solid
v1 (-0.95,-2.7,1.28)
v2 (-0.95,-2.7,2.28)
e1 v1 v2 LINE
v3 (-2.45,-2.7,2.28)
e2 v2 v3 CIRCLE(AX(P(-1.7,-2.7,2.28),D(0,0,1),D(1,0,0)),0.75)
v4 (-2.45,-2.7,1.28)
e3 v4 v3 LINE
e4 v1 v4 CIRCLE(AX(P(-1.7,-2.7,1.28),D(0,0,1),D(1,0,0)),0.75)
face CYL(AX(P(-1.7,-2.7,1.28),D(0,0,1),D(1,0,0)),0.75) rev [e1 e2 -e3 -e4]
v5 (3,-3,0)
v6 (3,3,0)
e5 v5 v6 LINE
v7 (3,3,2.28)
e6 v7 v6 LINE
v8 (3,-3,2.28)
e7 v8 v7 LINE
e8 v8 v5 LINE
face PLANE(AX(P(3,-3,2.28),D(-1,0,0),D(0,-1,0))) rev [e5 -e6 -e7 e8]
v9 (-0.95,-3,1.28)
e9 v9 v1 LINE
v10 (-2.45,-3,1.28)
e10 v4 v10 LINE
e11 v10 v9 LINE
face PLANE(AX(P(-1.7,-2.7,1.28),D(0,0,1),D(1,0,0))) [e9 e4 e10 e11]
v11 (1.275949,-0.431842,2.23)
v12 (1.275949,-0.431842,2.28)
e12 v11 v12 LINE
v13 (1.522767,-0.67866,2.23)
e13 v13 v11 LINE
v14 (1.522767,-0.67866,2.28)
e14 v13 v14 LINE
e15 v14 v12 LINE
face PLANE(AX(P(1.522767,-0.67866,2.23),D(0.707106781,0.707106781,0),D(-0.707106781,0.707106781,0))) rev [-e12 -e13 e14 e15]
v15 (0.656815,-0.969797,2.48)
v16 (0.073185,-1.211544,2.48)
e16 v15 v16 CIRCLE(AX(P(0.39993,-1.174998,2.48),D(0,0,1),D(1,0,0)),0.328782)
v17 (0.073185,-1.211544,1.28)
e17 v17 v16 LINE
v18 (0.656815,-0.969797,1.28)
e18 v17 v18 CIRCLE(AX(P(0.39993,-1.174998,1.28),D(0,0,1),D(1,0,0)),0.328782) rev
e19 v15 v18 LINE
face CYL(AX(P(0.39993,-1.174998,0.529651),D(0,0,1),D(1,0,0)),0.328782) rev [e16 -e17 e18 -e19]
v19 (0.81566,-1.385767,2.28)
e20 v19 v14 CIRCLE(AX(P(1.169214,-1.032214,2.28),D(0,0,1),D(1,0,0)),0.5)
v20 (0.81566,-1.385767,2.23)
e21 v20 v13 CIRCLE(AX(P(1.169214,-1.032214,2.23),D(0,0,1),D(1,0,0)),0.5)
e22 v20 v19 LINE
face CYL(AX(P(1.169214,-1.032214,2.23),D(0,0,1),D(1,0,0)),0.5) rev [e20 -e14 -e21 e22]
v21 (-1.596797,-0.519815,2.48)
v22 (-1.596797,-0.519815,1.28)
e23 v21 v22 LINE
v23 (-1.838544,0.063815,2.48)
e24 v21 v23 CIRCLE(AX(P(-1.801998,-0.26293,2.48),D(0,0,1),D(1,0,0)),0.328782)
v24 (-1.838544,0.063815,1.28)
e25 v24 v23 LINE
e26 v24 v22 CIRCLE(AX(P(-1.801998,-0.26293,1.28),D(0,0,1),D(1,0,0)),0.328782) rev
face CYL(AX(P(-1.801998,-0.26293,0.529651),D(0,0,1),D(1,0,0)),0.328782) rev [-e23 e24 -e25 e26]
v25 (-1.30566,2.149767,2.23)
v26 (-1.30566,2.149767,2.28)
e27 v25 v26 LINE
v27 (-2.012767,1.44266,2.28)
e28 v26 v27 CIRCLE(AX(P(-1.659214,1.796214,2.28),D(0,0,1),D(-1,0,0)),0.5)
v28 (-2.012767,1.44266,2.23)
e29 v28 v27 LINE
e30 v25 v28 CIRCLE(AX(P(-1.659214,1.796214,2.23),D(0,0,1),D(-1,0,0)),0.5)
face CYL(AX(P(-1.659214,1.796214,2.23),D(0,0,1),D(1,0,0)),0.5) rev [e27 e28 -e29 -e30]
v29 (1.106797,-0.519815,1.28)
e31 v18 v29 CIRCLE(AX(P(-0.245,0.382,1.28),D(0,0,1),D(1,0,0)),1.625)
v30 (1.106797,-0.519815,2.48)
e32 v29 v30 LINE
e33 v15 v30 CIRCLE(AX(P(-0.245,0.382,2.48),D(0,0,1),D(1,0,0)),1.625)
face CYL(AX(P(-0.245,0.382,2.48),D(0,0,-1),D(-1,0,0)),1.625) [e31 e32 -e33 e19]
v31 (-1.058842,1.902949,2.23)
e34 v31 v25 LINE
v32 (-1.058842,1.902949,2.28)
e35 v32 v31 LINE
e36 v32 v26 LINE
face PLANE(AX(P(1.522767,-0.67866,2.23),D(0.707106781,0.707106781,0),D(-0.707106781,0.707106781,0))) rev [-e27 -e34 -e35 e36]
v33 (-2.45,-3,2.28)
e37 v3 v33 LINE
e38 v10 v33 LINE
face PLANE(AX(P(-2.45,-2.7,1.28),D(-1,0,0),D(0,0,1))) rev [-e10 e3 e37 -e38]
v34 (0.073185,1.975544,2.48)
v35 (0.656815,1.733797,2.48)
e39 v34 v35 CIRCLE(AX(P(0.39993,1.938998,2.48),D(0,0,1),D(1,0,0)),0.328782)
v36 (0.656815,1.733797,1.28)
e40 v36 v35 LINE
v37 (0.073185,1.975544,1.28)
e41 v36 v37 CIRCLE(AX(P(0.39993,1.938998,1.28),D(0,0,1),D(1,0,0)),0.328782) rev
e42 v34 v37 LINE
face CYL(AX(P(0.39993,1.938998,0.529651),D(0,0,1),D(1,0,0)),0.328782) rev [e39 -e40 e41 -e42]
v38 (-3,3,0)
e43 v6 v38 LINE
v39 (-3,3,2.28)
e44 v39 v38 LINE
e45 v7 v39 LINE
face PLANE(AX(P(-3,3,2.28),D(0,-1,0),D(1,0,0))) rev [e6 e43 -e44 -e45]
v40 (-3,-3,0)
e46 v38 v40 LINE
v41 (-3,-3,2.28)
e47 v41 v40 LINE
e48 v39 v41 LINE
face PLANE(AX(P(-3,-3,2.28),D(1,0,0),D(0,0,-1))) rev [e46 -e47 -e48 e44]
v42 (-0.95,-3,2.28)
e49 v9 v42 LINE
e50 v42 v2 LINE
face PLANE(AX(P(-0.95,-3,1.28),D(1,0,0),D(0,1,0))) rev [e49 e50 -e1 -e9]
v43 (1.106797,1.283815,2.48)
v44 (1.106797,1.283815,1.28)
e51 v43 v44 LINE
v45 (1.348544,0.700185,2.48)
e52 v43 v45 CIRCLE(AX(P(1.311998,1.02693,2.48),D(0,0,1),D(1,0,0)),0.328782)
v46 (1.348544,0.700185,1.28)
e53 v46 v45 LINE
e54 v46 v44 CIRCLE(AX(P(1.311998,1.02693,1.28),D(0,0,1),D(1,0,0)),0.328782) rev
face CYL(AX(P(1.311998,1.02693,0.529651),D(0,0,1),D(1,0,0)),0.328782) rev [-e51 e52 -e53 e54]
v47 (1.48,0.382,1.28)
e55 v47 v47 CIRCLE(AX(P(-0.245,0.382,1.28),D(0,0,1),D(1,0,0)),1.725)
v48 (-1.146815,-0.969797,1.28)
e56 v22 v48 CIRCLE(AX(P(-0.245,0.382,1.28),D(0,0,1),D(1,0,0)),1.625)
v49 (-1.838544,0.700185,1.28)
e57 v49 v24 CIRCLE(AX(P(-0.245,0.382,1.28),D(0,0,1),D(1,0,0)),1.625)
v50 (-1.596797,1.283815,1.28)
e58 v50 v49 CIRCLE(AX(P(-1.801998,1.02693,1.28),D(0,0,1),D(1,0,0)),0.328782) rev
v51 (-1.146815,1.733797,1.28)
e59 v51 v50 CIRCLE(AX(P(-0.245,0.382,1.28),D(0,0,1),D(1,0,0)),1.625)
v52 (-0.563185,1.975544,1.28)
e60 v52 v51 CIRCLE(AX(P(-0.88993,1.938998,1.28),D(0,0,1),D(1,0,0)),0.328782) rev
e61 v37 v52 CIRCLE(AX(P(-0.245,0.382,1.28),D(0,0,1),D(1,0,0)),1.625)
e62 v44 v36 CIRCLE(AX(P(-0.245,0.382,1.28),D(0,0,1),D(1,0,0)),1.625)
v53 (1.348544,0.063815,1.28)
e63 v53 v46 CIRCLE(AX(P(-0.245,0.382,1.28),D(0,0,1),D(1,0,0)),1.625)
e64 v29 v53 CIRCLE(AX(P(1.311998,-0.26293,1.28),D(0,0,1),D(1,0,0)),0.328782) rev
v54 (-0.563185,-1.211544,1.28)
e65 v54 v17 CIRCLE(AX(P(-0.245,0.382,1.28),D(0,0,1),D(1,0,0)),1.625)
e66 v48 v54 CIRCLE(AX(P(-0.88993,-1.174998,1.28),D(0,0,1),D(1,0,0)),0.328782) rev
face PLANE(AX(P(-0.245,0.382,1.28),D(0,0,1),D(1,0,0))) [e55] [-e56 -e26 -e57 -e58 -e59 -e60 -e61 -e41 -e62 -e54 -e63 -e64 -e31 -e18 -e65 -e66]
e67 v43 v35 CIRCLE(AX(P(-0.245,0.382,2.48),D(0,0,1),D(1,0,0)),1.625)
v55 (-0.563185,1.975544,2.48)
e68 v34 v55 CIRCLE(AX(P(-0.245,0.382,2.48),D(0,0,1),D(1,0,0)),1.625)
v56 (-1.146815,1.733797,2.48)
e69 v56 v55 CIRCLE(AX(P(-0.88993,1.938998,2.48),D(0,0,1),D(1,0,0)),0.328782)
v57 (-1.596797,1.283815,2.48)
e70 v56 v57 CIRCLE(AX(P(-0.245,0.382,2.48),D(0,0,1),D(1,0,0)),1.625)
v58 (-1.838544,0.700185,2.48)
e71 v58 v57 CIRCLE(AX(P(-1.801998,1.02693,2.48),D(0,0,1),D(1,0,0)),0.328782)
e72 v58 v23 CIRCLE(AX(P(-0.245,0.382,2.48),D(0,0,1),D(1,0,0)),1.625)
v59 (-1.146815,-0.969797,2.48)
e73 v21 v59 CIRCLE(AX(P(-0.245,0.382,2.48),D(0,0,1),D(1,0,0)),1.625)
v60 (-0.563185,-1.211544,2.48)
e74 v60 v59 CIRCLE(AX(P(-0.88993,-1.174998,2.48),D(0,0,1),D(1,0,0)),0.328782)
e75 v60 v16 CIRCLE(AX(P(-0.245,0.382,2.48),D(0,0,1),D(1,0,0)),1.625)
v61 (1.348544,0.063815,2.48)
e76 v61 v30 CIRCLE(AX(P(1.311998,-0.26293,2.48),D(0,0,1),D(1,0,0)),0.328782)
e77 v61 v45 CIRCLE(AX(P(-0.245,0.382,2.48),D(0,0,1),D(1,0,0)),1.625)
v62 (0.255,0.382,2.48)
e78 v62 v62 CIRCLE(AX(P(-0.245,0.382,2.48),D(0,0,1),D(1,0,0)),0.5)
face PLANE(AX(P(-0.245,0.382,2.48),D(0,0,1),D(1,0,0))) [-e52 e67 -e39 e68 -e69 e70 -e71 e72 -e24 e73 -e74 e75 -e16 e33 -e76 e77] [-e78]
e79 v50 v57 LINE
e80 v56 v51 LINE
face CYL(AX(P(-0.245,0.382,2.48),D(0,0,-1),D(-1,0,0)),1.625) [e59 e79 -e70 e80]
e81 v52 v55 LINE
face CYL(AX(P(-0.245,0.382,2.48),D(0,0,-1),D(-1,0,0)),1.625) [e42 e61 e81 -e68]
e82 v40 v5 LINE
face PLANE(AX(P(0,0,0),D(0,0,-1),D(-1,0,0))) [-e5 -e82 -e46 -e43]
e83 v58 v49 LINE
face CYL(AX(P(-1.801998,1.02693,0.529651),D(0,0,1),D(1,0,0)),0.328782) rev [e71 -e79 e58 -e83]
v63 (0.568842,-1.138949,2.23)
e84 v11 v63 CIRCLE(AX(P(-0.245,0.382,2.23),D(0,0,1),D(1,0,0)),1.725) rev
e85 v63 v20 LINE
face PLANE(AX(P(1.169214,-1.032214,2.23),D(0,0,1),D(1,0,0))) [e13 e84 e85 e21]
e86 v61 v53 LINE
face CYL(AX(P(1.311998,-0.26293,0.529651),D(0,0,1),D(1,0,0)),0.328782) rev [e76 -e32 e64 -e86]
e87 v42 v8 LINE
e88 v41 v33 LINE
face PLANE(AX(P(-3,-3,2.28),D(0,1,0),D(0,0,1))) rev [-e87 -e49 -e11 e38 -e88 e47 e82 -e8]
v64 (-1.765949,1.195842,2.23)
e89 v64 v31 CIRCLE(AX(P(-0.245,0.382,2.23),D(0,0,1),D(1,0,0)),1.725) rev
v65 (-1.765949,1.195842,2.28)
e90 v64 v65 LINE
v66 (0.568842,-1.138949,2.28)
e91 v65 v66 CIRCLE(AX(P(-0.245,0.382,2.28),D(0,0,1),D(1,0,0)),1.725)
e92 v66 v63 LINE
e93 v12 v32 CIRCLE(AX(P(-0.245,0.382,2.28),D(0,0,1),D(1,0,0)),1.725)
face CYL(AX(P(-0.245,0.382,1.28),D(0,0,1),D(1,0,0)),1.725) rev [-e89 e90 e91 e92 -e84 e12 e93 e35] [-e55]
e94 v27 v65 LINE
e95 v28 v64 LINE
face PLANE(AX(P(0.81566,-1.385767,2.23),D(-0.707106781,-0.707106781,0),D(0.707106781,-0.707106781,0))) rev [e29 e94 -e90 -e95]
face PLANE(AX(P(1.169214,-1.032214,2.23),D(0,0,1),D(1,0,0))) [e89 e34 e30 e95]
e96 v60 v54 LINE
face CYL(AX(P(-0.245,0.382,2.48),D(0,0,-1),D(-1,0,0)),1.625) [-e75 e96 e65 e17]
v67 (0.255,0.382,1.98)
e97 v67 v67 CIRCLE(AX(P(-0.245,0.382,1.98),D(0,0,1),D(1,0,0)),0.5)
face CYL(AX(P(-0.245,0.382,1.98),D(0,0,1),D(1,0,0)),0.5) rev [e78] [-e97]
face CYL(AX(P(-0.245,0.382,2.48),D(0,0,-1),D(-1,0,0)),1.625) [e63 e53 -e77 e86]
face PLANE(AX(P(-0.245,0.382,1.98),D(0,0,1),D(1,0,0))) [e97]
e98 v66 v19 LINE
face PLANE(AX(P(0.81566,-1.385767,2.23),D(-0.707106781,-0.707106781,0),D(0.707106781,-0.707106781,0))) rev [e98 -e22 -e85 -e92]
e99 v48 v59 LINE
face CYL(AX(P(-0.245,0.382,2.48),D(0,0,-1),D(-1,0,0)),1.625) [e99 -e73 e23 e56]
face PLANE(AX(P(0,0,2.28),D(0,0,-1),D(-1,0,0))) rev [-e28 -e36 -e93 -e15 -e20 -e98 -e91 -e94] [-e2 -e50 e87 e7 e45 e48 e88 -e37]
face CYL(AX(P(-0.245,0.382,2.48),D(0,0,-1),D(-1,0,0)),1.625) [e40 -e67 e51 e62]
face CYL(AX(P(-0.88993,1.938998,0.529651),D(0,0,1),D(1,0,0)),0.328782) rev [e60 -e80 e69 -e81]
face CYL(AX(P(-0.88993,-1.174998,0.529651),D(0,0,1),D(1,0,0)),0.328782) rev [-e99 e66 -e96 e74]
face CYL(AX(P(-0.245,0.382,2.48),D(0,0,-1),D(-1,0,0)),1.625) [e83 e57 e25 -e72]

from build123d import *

# Parameters (mm, degrees)
SKETCH1_W           = 6
SKETCH1_H           = 6
BOSS_EXTRUDE1_DEPTH = 2.28
SKETCH2_R           = 1.725
CUT_EXTRUDE1_DEPTH  = 1
CUT_EXTRUDE2_DEPTH  = 0.05
CUT_EXTRUDE3_DEPTH  = 1
SKETCH5_R           = 1.625
BOSS_EXTRUDE2_DEPTH = 1.2
CUT_EXTRUDE6_DEPTH  = 1.2
SKETCH7_R           = 0.5
CUT_EXTRUDE7_DEPTH  = 0.5


with BuildPart() as part:
    # Sketch1 → Boss-Extrude1 (new body)
    with BuildSketch(Plane.XY):
        Rectangle(SKETCH1_W, SKETCH1_H)
    extrude(amount=BOSS_EXTRUDE1_DEPTH)

    # Sketch2 → Cut-Extrude1 (cut)
    with BuildSketch(Plane.XY.offset(2.28)):
        with Locations((-0.245, 0.382)):
            Circle(SKETCH2_R)
    extrude(amount=-CUT_EXTRUDE1_DEPTH, mode=Mode.SUBTRACT)

    # Sketch3 → Cut-Extrude2 (cut)
    with BuildSketch(Plane.XY.offset(2.28)):
        with BuildLine():
            Line((0.815660172, -1.385766953), (-2.012766953, 1.442660172))
            ThreePointArc((-2.012766953, 1.442660172), (-2.012766953, 2.149766953), (-1.305660172, 2.149766953))
            Line((-1.305660172, 2.149766953), (1.522766953, -0.678660172))
            ThreePointArc((1.522766953, -0.678660172), (1.522766953, -1.385766953), (0.815660172, -1.385766953))
        make_face()
    extrude(amount=-CUT_EXTRUDE2_DEPTH, mode=Mode.SUBTRACT)

    # Sketch4 → Cut-Extrude3 (cut)
    with BuildSketch(Plane.XY.offset(2.28)):
        with BuildLine():
            Line((-2.45, -2.7), (-2.45, -3))
            Line((-2.45, -3), (-0.95, -3))
            Line((-0.95, -3), (-0.95, -2.7))
            ThreePointArc((-0.95, -2.7), (-1.7, -1.95), (-2.45, -2.7))
        make_face()
    extrude(amount=-CUT_EXTRUDE3_DEPTH, mode=Mode.SUBTRACT)

    # Sketch5 → Boss-Extrude2 (add)
    with BuildSketch(Plane.XY.offset(1.28)):
        with Locations((-0.245, 0.382)):
            Circle(SKETCH5_R)
    extrude(amount=BOSS_EXTRUDE2_DEPTH)

    # Sketch6 → Cut-Extrude6 (cut)
    with BuildSketch(Plane.XY.offset(2.48)):
        with BuildLine():
            ThreePointArc((-1.897587238, 0.051650147), (-1.801997597, -0.262929521), (-1.647148264, -0.552963022))
            ThreePointArc((-1.647148264, -0.552963022), (-1.498242435, -0.137110013), (-1.897587238, 0.051650147))
        make_face()
        with BuildLine():
            ThreePointArc((0.085349853, 2.034587238), (0.274110013, 1.635242435), (0.689963022, 1.784148264))
            ThreePointArc((0.689963022, 1.784148264), (0.399929521, 1.938997597), (0.085349853, 2.034587238))
        make_face()
        with BuildLine():
            ThreePointArc((1.157148264, 1.316963022), (1.008242435, 0.901110013), (1.407587238, 0.712349853))
            ThreePointArc((1.407587238, 0.712349853), (1.311997597, 1.026929521), (1.157148264, 1.316963022))
        make_face()
        with BuildLine():
            ThreePointArc((1.407587238, 0.051650147), (1.008242435, -0.137110013), (1.157148264, -0.552963022))
            ThreePointArc((1.157148264, -0.552963022), (1.311997597, -0.262929521), (1.407587238, 0.051650147))
        make_face()
        with BuildLine():
            ThreePointArc((0.689963022, -1.020148264), (0.274110013, -0.871242435), (0.085349853, -1.270587238))
            ThreePointArc((0.085349853, -1.270587238), (0.399929521, -1.174997597), (0.689963022, -1.020148264))
        make_face()
        with BuildLine():
            ThreePointArc((-0.575349853, -1.270587238), (-0.764110013, -0.871242435), (-1.179963022, -1.020148264))
            ThreePointArc((-1.179963022, -1.020148264), (-0.889929521, -1.174997597), (-0.575349853, -1.270587238))
        make_face()
        with BuildLine():
            ThreePointArc((-1.897587238, 0.712349853), (-1.498242435, 0.901110013), (-1.647148264, 1.316963022))
            ThreePointArc((-1.647148264, 1.316963022), (-1.801997597, 1.026929521), (-1.897587238, 0.712349853))
        make_face()
        with BuildLine():
            ThreePointArc((-1.179963022, 1.784148264), (-0.764110013, 1.635242435), (-0.575349853, 2.034587238))
            ThreePointArc((-0.575349853, 2.034587238), (-0.889929521, 1.938997597), (-1.179963022, 1.784148264))
        make_face()
    extrude(amount=-CUT_EXTRUDE6_DEPTH, mode=Mode.SUBTRACT)

    # Sketch7 → Cut-Extrude7 (cut)
    with BuildSketch(Plane.XY.offset(2.48)):
        with Locations((-0.245, 0.382)):
            Circle(SKETCH7_R)
    extrude(amount=-CUT_EXTRUDE7_DEPTH, mode=Mode.SUBTRACT)


solid = part.part
